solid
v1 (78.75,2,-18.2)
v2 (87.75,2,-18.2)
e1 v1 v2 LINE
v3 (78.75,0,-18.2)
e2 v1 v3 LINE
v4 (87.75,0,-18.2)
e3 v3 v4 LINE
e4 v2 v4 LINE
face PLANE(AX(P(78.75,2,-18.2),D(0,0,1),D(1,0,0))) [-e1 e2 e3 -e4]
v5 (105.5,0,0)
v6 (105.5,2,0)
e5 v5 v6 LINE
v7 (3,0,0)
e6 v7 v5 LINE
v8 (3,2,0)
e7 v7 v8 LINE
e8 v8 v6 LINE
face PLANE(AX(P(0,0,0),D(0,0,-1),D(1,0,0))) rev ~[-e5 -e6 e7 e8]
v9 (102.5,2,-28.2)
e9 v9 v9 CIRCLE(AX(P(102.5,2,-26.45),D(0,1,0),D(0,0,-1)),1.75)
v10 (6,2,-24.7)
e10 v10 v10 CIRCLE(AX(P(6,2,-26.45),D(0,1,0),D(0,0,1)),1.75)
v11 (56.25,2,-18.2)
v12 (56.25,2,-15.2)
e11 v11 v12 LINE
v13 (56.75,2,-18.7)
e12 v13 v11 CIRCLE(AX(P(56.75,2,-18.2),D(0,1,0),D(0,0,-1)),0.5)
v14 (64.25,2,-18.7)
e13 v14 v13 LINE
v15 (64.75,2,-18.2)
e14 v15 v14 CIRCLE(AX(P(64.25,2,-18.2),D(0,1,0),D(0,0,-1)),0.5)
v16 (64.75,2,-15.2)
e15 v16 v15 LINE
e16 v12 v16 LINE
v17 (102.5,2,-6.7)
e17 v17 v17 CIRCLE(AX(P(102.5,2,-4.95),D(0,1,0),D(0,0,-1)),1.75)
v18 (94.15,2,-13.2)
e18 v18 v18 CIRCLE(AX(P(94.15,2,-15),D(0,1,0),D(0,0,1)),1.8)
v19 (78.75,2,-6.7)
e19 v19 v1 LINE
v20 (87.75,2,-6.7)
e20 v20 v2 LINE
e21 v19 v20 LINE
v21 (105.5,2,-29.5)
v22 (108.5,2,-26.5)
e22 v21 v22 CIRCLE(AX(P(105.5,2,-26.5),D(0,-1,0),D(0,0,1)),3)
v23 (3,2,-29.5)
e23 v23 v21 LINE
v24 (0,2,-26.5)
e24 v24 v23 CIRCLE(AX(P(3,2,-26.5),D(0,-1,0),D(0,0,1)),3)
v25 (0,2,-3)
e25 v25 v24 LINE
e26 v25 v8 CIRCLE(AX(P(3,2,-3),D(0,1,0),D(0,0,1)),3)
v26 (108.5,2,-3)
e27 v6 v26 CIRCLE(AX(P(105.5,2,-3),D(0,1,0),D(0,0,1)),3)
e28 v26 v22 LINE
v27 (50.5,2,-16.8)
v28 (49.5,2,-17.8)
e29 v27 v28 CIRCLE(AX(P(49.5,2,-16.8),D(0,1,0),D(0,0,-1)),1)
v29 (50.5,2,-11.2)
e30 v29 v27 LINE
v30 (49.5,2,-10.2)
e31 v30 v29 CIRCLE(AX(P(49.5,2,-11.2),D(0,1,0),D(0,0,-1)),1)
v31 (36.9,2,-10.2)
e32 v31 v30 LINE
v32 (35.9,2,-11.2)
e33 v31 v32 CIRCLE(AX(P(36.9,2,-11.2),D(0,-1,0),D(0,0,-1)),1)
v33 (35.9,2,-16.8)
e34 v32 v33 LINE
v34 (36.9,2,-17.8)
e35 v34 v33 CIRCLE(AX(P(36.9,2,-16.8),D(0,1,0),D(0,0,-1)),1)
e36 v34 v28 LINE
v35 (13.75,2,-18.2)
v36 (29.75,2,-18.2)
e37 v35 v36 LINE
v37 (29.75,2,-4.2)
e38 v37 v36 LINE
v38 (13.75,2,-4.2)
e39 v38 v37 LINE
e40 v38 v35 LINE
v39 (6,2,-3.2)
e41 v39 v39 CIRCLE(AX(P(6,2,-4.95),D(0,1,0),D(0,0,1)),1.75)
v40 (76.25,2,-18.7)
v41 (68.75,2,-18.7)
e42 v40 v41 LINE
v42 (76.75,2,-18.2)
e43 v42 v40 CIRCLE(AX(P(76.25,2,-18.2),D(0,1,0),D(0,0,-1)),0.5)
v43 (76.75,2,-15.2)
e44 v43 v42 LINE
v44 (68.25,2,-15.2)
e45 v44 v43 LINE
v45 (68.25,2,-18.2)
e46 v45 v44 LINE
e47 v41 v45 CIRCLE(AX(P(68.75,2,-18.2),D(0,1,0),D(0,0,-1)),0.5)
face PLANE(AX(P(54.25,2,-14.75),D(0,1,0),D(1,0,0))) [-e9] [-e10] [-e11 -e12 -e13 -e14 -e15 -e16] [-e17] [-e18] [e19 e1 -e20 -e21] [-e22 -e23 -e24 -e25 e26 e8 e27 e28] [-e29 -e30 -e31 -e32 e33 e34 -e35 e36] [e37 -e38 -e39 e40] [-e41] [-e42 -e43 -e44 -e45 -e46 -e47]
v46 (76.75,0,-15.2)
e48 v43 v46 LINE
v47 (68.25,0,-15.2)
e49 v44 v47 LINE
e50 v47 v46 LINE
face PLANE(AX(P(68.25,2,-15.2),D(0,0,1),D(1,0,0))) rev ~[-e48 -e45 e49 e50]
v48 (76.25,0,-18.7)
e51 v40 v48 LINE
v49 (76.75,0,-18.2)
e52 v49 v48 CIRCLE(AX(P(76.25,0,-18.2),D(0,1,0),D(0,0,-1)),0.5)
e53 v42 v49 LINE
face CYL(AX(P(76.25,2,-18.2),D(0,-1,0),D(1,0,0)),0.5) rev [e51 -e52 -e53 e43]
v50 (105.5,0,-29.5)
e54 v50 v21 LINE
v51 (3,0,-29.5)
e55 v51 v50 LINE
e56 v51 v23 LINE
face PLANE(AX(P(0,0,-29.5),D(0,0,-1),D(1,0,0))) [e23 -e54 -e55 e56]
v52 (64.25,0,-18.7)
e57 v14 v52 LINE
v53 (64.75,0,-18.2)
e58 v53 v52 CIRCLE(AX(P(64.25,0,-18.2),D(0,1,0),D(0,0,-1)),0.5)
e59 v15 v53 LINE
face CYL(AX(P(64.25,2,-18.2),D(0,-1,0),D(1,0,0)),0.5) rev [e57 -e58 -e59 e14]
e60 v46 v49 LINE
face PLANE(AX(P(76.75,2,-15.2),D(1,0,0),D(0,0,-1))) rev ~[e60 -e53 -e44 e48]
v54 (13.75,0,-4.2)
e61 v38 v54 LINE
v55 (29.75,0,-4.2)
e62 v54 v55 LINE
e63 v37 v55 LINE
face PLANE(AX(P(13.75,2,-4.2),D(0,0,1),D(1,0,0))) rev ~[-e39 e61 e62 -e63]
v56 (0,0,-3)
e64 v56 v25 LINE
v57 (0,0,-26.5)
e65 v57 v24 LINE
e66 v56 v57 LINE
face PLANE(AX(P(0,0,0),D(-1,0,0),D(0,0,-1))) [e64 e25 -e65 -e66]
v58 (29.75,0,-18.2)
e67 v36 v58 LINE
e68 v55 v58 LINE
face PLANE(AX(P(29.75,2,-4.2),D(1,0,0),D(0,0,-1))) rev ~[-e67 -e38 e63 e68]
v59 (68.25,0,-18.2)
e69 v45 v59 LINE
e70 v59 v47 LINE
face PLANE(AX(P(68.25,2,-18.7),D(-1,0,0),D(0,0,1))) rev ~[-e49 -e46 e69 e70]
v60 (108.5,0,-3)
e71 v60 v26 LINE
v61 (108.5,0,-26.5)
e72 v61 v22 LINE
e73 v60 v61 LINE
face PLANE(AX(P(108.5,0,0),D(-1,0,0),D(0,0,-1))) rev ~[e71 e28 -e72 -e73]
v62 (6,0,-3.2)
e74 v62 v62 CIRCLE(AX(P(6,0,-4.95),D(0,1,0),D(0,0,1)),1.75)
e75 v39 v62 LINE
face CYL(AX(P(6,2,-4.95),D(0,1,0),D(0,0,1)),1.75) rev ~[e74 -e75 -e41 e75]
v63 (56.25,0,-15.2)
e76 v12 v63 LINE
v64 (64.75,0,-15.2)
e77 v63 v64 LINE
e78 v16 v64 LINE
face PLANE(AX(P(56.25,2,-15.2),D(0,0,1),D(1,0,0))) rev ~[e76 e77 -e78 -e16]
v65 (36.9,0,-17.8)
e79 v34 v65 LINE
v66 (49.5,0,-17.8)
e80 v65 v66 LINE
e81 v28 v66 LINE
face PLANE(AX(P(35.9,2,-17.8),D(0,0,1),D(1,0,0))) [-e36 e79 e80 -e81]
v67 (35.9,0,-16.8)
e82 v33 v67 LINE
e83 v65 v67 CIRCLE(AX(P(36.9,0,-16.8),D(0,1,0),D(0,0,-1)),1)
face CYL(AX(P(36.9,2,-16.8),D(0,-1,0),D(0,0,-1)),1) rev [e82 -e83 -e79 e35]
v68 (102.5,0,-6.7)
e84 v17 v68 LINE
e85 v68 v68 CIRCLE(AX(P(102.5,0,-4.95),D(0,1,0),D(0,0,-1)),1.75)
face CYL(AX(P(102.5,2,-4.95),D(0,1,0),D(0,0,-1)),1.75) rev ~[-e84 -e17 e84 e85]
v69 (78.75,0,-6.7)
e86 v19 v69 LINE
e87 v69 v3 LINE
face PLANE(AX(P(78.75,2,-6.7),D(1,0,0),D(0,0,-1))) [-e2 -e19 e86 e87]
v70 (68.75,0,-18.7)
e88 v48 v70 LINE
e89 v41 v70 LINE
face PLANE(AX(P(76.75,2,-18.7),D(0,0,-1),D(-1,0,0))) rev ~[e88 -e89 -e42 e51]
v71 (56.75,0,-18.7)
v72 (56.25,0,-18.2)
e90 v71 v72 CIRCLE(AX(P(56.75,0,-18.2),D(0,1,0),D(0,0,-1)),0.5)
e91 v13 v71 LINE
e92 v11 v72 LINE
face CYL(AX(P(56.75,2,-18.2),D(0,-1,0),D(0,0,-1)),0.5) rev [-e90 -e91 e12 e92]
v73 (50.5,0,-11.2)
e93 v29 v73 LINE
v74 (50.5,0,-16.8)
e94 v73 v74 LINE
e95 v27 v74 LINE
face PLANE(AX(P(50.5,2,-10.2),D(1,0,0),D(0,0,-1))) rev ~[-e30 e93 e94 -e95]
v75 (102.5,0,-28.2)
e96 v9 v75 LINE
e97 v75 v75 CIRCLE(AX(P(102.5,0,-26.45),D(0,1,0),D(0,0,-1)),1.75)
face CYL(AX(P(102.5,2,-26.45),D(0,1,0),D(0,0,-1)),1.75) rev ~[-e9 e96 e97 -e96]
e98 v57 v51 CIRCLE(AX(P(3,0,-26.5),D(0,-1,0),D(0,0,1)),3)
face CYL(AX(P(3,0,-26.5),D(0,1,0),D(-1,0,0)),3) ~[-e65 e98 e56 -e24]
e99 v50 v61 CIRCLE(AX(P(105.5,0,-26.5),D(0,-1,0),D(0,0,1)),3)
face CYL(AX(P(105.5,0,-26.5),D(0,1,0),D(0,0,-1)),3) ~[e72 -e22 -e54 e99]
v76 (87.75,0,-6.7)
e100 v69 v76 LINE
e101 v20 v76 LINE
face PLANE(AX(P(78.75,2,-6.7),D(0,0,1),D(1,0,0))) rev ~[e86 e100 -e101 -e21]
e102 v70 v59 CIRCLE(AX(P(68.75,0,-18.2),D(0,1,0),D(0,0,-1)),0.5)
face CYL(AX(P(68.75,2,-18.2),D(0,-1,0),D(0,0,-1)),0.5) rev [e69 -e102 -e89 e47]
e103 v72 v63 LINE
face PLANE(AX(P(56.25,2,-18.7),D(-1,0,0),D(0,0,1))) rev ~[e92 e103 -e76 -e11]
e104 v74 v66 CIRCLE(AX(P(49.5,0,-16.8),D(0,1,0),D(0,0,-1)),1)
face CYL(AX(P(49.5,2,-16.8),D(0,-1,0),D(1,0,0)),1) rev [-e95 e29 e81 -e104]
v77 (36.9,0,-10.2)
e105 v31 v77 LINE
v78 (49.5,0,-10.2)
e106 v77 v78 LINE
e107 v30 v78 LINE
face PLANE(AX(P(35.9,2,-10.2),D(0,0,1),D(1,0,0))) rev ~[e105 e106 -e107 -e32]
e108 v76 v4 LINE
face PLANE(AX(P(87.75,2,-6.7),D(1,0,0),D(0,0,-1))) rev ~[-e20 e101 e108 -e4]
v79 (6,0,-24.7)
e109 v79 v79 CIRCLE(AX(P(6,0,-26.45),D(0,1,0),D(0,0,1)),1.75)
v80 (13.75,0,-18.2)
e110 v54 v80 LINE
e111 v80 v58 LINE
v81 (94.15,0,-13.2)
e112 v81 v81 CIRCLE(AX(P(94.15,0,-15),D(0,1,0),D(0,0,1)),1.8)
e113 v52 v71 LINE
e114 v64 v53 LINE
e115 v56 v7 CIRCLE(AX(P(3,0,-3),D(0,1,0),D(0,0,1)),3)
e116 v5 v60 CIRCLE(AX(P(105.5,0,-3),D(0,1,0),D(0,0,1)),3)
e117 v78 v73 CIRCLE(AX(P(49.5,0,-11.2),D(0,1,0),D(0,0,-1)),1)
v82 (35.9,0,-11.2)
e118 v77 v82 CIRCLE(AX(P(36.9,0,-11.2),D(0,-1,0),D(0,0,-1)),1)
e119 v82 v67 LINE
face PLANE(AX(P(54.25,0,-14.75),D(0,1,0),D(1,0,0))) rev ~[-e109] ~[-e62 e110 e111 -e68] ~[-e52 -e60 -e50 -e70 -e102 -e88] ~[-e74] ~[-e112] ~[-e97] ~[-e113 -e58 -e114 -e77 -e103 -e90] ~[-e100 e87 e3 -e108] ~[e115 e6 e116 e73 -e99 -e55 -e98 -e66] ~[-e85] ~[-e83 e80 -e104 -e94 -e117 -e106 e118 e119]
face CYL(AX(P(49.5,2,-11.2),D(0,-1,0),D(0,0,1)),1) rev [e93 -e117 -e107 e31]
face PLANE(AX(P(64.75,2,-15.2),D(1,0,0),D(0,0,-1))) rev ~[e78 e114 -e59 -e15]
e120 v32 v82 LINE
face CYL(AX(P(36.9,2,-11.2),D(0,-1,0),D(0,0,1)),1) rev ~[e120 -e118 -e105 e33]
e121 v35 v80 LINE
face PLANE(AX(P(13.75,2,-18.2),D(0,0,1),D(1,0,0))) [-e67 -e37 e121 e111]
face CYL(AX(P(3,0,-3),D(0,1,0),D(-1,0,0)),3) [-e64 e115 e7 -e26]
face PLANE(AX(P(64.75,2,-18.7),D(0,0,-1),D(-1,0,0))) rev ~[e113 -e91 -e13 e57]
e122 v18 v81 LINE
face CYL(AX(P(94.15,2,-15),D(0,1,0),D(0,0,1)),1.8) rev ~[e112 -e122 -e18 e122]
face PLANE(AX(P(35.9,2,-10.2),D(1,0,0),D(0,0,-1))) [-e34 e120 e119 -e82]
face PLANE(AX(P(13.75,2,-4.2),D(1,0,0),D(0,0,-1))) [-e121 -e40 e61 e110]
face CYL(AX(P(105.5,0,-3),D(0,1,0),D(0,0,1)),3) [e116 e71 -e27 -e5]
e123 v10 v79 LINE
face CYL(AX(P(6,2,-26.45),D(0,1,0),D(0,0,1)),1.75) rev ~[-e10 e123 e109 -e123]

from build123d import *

# Parameters (mm, degrees)
SKETCH1_W           = 108.5
SKETCH1_H           = 29.5
BOSS_EXTRUDE1_DEPTH = 2
SKETCH2_R           = 1.75
CUT_EXTRUDE1_DEPTH  = 113.456658318
FILLET1_R           = 3
SKETCH5_R           = 1.8
SKETCH5_W           = 16
SKETCH5_H           = 14
SKETCH5_W_2         = 14.6
SKETCH5_H_2         = 7.6
SKETCH5_W_3         = 9
SKETCH5_H_3         = 11.5
CUT_EXTRUDE2_DEPTH  = 113.456658318
FILLET2_R           = 1
FILLET3_R           = 0.5


with BuildPart() as part:
    # Sketch1 → Boss-Extrude1 (new body)
    with BuildSketch(Plane(origin=(0, 0, 0), x_dir=(1, 0, 0), z_dir=(0, 1, 0))):
        with Locations((54.25, 14.75)):
            Rectangle(SKETCH1_W, SKETCH1_H)
    extrude(amount=BOSS_EXTRUDE1_DEPTH)

    # Sketch2 → Cut-Extrude1 (cut, through all)
    with BuildSketch(Plane(origin=(0, 2, 0), x_dir=(1, 0, 0), z_dir=(0, 1, 0))):
        with Locations(Location((6, 26.45, 0), (0, 0, 270))):
            Circle(SKETCH2_R)
        with Locations(Location((6, 4.95, 0), (0, 0, 270))):
            Circle(SKETCH2_R)
        with Locations(Location((102.5, 4.95, 0), (0, 0, 90))):
            Circle(SKETCH2_R)
        with Locations(Location((102.5, 26.45, 0), (0, 0, 90))):
            Circle(SKETCH2_R)
    extrude(amount=-CUT_EXTRUDE1_DEPTH, mode=Mode.SUBTRACT)

    # Fillet1
    fillet1_edges = [part.edges().sort_by_distance(p)[0] for p in [
        (0, 1, -29.5),
        (108.5, 1, -29.5),
        (108.5, 1, 0),
        (0, 1, 0),
    ]]
    fillet(fillet1_edges, radius=FILLET1_R)

    # Sketch5 → Cut-Extrude2 (cut, through all)
    with BuildSketch(Plane(origin=(0, 2, 0), x_dir=(1, 0, 0), z_dir=(0, 1, 0))):
        with Locations(Location((94.15, 15, 0), (0, 0, 270))):
            Circle(SKETCH5_R)
        with Locations((21.75, 11.2)):
            Rectangle(SKETCH5_W, SKETCH5_H)
        with Locations((43.2, 14)):
            Rectangle(SKETCH5_W_2, SKETCH5_H_2)
        Polygon((56.25, 18.2), (56.25, 15.2), (64.75, 15.2), (64.75, 18.2), (64.75, 18.7), (56.25, 18.7), align=None)
        Polygon((68.25, 18.2), (68.25, 15.2), (76.75, 15.2), (76.75, 18.2), (76.75, 18.7), (68.25, 18.7), align=None)
        with Locations((83.25, 12.45)):
            Rectangle(SKETCH5_W_3, SKETCH5_H_3)
    extrude(amount=-CUT_EXTRUDE2_DEPTH, mode=Mode.SUBTRACT)

    # Fillet2
    fillet2_edges = [part.edges().sort_by_distance(p)[0] for p in [
        (50.5, 1, -10.2),
        (35.9, 1, -10.2),
        (35.9, 1, -17.8),
        (50.5, 1, -17.8),
    ]]
    fillet(fillet2_edges, radius=FILLET2_R)

    # Fillet3
    fillet3_edges = [part.edges().sort_by_distance(p)[0] for p in [
        (56.25, 1, -18.7),
        (64.75, 1, -18.7),
        (68.25, 1, -18.7),
        (76.75, 1, -18.7),
    ]]
    fillet(fillet3_edges, radius=FILLET3_R)


solid = part.part
